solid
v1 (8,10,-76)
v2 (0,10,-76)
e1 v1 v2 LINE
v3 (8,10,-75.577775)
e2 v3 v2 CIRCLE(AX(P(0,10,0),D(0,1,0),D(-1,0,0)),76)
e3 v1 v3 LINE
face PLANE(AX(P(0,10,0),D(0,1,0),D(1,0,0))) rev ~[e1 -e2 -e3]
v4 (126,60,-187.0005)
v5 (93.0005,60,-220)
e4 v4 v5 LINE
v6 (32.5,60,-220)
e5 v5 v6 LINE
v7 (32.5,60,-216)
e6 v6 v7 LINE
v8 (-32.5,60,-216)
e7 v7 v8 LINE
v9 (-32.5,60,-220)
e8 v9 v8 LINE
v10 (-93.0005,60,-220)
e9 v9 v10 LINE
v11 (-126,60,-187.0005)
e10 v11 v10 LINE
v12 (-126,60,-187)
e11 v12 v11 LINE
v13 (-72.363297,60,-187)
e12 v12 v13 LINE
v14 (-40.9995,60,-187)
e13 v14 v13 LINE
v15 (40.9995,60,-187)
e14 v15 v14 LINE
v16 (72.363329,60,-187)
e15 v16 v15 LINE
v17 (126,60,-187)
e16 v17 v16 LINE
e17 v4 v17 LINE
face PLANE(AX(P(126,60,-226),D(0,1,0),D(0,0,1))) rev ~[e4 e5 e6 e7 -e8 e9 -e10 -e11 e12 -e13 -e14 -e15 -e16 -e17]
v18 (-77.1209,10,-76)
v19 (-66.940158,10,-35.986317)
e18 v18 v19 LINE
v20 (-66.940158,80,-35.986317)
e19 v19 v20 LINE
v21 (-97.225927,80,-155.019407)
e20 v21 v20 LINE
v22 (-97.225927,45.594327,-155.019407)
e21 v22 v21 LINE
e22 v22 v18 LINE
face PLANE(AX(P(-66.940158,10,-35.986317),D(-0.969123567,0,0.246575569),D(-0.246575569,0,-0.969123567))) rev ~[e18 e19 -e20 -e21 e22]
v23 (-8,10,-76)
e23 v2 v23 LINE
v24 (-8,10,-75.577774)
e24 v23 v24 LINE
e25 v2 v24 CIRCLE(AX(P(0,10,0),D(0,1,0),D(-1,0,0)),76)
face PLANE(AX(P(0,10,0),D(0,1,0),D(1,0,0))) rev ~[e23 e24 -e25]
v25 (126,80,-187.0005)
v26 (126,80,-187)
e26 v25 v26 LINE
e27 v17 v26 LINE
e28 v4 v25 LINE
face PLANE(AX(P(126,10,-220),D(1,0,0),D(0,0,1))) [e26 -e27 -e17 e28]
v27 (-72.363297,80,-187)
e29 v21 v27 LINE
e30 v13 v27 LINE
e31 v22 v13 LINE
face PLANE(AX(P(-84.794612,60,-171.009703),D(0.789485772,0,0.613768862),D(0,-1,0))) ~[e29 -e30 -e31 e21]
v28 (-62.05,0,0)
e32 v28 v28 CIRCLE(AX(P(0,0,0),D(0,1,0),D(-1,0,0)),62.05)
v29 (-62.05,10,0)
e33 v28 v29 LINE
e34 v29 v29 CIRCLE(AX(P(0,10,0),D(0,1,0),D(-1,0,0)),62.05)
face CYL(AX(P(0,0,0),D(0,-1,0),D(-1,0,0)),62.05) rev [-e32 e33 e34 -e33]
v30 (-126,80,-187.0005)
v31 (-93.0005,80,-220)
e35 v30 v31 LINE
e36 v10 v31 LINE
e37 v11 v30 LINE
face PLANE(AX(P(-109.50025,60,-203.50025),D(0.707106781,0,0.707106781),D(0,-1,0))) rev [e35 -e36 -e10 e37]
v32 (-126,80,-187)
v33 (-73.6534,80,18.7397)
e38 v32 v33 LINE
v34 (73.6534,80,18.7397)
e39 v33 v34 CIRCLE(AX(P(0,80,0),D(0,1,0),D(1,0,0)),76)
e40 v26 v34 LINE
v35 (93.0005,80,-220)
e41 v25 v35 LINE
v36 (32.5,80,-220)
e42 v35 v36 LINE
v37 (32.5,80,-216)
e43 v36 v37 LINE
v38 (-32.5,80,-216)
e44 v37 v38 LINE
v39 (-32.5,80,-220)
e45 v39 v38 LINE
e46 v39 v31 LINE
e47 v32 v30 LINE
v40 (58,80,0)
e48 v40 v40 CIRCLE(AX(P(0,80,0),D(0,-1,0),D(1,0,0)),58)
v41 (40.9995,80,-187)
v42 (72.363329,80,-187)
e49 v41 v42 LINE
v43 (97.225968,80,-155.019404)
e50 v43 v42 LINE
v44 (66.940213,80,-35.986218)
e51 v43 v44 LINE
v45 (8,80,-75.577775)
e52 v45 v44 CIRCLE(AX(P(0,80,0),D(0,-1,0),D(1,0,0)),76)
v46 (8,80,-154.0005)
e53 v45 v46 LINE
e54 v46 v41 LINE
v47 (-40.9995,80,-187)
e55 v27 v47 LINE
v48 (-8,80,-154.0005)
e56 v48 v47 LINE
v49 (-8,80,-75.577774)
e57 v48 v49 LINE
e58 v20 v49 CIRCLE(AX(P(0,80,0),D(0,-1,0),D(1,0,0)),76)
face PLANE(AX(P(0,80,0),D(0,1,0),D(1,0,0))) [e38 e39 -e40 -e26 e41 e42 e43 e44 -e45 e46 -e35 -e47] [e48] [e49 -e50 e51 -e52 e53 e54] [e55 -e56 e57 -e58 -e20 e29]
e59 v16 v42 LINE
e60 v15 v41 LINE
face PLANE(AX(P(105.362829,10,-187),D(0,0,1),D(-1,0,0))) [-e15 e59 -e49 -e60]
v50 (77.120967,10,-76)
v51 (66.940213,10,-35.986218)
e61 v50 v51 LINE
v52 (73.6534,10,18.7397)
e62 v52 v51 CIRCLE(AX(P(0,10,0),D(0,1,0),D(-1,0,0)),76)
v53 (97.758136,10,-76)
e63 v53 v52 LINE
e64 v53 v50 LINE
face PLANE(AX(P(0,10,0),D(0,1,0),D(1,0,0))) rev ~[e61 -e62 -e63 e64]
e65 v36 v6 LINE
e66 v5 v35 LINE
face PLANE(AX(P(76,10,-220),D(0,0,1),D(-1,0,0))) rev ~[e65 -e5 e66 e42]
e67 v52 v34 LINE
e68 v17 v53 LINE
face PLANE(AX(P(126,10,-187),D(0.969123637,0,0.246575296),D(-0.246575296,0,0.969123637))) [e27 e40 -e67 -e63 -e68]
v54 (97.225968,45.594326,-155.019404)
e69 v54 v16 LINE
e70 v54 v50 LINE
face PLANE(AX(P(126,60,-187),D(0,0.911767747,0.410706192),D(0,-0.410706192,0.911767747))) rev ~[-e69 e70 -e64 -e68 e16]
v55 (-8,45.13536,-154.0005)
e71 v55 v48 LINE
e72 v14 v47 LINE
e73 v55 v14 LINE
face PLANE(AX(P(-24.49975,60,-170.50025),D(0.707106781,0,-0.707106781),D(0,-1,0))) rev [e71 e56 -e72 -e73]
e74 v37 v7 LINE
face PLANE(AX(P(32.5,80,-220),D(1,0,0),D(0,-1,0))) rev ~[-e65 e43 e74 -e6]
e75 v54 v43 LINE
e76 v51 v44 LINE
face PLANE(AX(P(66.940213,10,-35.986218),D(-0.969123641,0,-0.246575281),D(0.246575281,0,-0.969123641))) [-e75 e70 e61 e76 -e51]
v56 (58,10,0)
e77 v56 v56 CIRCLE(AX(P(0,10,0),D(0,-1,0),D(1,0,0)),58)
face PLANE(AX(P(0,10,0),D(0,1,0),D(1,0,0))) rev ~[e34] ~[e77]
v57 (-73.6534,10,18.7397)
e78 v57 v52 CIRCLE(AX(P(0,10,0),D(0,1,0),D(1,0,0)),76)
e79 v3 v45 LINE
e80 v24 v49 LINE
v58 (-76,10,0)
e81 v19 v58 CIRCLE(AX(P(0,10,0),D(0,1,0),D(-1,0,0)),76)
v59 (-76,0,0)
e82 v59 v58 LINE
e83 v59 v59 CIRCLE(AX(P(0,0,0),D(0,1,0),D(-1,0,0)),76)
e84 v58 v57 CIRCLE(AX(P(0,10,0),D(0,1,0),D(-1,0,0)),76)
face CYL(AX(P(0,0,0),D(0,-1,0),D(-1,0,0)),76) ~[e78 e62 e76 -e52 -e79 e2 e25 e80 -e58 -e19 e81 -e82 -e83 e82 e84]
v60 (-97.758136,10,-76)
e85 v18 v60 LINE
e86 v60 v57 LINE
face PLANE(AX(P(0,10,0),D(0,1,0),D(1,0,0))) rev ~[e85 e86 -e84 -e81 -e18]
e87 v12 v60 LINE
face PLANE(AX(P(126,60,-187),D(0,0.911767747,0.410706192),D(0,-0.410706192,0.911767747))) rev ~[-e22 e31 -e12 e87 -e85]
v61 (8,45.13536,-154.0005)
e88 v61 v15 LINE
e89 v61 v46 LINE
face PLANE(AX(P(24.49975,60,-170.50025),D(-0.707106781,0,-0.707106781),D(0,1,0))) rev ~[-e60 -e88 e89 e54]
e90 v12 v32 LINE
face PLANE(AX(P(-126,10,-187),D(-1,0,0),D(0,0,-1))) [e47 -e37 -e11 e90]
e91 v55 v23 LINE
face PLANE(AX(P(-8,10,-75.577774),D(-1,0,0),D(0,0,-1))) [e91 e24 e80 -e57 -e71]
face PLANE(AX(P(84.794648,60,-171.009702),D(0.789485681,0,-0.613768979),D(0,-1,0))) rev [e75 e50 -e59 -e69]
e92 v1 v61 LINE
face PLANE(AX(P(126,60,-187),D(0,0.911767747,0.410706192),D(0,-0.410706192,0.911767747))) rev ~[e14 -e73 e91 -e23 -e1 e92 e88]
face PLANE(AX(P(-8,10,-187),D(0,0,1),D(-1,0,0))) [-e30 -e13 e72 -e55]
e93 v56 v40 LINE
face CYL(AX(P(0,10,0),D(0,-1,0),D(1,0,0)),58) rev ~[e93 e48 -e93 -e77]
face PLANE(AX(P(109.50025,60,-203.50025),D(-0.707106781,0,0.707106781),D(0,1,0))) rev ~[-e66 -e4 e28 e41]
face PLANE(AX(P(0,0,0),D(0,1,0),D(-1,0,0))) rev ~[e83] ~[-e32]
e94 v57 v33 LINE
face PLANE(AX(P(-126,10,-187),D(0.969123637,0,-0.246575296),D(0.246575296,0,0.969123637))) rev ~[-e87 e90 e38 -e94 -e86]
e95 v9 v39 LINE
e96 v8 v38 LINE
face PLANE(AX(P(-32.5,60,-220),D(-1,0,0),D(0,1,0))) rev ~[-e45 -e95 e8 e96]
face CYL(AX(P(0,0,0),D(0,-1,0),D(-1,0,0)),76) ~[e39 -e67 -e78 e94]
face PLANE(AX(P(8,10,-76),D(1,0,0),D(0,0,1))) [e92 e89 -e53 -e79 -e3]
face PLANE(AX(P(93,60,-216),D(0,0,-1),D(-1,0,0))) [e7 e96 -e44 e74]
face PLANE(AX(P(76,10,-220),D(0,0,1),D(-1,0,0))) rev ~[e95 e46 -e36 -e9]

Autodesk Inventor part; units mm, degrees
ref_plane "YZ Plane" through (0, 0, 0) normal (1, 0, 0) x (0, 1, 0)
ref_plane "XZ Plane" through (0, 0, 0) normal (0, 1, 0) x (-1, 0, 0)
ref_plane "XY Plane" through (0, 0, 0) normal (0, 0, 1) x (1, 0, 0)
sketch "Sketch1" plane through (0, 0, 0) normal (0, 1, 0) x (-1, 0, 0)
  circle A0 centre (0, 0) radius 62.05
  circle A1 centre (0, 0) radius 76
  dimension "d0" = 124.1
extrude "Extrusion1" add sketch "Sketch1" along normal blind 10
sketch "Sketch2" plane through (0, 10, 0) normal (0, 1, 0) x (1, 0, 0)
  circle A0 centre (0, 0) radius 76 projected
  circle A1 centre (0, 0) radius 62.05 projected
  line L0 (-76, 0) -> (76, 0)
  line L1 (76, 0) -> (76, 220)
  line L2 (76, 220) -> (-76, 220)
  line L3 (-76, 220) -> (-76, 0)
  line L4 (-126, 220) -> (126, 220)
  line L5 (126, 220) -> (126, 187)
  line L6 (126, 187) -> (-126, 187)
  line L7 (-126, 187) -> (-126, 220)
  line L8 (126, 187) -> (73.6534, -18.7397)
  circle A2 centre (0, 0) radius 76 projected
  line L9 (-126, 187) -> (-73.6534, -18.7397)
  point P0 (-73.6534, -18.7397)
  point P1 (73.6534, -18.7397)
  dimension "d3" = 220
  dimension "d4" = 50
  dimension "d5" = 50
  dimension "d15" = 33
  dimension "d16" = 76
  dimension "d17" = 76
  dimension "d18" = 126
extrude "Extrusion2" add sketch "Sketch2" along normal blind 70
sketch "Sketch3" plane through (126, 10, -187) normal (1, 0, 0) x (0, 0, -1)
  line L0 (39, 50) -> (0, 50)
  line L1 (0, 0) -> (0, 70) projected
  line L2 (0, 50) -> (-111, 0)
  line L3 (-205.7397, 0) -> (0, 0) projected
  line L4 (39, 50) -> (39, 0)
  line L5 (39, 0) -> (-111, 0)
  line L6 (0, 70) -> (33, 70) projected
  point P0 (-187, -10)
  dimension "d10" = 20
extrude "Extrusion3" cut sketch "Sketch3" against normal blind 300
sketch "Sketch4" plane through (0, 10, 0) normal (0, -1, 0) x (1, 0, 0)
  circle A0 centre (0, 0) radius 58
  line L0 (-97.7581, -76) -> (97.7581, -76) projected
  circle A1 centre (0, 0) radius 76
  line L1 (126, -220) -> (-126, -220) projected
  line L2 (126, -187) -> (126, -220) projected
  line L3 (126, -187) -> (-126, -187) projected
  line L4 (-126, -220) -> (-126, -187) projected
  line L5 (97.7581, -76) -> (126, -187) projected
  line L6 (0, -76) -> (97.7581, -76) projected
  line L7 (-97.7581, -76) -> (0, -76) projected
  line L8 (-126, -187) -> (-97.7581, -76) projected
  line L9 (126, -187) -> (-126, -187) projected
  line L10 (0, -76) -> (97.7581, -76) projected
  line L11 (73.6534, 18.7397) -> (97.7581, -76) projected
  arc A2 (0, -76) -> (73.6534, 18.7397) centre (0, 0) ccw projected
  line L12 (-97.7581, -76) -> (0, -76) projected
  arc A3 (-73.6534, 18.7397) -> (0, -76) centre (0, 0) ccw projected
  line L13 (-97.7581, -76) -> (-73.6534, 18.7397) projected
  line L14 (64.6258, -26.8898) -> (109.6331, -203.7836)
  line L15 (-65.3309, -29.6614) -> (-109.9518, -205.0363)
  line L16 (8, -74) -> (-8, -74)
  line L17 (-8, -74) -> (-8, -228)
  line L18 (-8, -228) -> (8, -228)
  line L19 (8, -228) -> (8, -74)
  line L20 (0, -76) -> (97.7581, -76) projected
  circle A4 centre (0, 0) radius 62.05 projected
  line L21 (73.6534, 18.7397) -> (97.7581, -76) projected
  arc A5 (0, -76) -> (73.6534, 18.7397) centre (0, 0) ccw projected
  line L22 (-97.7581, -76) -> (0, -76) projected
  circle A6 centre (0, 0) radius 62.05 projected
  arc A7 (-73.6534, 18.7397) -> (0, -76) centre (0, 0) ccw projected
  line L23 (-97.7581, -76) -> (-73.6534, 18.7397) projected
  point P0 (-8, -75.5778)
  point P1 (-66.9402, -35.9863)
  point P2 (-105.3628, -187)
  point P3 (-8, -187)
  point P4 (8, -187)
  point P5 (105.3628, -187)
  point P6 (66.9402, -35.9863)
  point P7 (8, -75.5778)
  dimension "d11" = 20
  dimension "d12" = 20
extrude "Extrusion5" cut sketch "Sketch4" against normal blind 300 contours A0 | L15 A1 L17 L0 | L0 L17 L3 L15 | L19 A1 L14 L0 | L0 L14 L3 L19
chamfer "Chamfer1" distance 33 angle 45 6 edges at (-126, 70, -220) (126, 70, -220) (105.3628, 70, -187) (-105.3628, 70, -187) (8, 70, -187) (-8, 70, -187)
sketch "Sketch7" plane through (93, 60, -220) normal (0, 0, -1) x (-1, 0, 0)
  line L0 (0, 20) -> (186, 20) projected
  line L1 (0, 0) -> (186, 0) projected
  line L2 (125.5, 20) -> (60.5, 20)
  line L3 (60.5, 20) -> (60.5, 0)
  line L4 (60.5, 0) -> (125.5, 0)
  line L5 (125.5, 0) -> (125.5, 20)
  line L6 (186, 20) -> (186, 0) projected
  line L7 (0, 0) -> (0, 20) projected
  point P0 (93, -60)
  point P1 (125.5, 0)
  point P2 (60.5, 20)
  dimension "d24" = 65
  dimension "d25" = 60.5
  dimension "d26" = 60.5
extrude "Extrusion6" cut sketch "Sketch7" against normal blind 4 contours L0 L5 L1 L3
properties part number "KrovatkaShatunPods" material "Aluminum 6061-AHC"
